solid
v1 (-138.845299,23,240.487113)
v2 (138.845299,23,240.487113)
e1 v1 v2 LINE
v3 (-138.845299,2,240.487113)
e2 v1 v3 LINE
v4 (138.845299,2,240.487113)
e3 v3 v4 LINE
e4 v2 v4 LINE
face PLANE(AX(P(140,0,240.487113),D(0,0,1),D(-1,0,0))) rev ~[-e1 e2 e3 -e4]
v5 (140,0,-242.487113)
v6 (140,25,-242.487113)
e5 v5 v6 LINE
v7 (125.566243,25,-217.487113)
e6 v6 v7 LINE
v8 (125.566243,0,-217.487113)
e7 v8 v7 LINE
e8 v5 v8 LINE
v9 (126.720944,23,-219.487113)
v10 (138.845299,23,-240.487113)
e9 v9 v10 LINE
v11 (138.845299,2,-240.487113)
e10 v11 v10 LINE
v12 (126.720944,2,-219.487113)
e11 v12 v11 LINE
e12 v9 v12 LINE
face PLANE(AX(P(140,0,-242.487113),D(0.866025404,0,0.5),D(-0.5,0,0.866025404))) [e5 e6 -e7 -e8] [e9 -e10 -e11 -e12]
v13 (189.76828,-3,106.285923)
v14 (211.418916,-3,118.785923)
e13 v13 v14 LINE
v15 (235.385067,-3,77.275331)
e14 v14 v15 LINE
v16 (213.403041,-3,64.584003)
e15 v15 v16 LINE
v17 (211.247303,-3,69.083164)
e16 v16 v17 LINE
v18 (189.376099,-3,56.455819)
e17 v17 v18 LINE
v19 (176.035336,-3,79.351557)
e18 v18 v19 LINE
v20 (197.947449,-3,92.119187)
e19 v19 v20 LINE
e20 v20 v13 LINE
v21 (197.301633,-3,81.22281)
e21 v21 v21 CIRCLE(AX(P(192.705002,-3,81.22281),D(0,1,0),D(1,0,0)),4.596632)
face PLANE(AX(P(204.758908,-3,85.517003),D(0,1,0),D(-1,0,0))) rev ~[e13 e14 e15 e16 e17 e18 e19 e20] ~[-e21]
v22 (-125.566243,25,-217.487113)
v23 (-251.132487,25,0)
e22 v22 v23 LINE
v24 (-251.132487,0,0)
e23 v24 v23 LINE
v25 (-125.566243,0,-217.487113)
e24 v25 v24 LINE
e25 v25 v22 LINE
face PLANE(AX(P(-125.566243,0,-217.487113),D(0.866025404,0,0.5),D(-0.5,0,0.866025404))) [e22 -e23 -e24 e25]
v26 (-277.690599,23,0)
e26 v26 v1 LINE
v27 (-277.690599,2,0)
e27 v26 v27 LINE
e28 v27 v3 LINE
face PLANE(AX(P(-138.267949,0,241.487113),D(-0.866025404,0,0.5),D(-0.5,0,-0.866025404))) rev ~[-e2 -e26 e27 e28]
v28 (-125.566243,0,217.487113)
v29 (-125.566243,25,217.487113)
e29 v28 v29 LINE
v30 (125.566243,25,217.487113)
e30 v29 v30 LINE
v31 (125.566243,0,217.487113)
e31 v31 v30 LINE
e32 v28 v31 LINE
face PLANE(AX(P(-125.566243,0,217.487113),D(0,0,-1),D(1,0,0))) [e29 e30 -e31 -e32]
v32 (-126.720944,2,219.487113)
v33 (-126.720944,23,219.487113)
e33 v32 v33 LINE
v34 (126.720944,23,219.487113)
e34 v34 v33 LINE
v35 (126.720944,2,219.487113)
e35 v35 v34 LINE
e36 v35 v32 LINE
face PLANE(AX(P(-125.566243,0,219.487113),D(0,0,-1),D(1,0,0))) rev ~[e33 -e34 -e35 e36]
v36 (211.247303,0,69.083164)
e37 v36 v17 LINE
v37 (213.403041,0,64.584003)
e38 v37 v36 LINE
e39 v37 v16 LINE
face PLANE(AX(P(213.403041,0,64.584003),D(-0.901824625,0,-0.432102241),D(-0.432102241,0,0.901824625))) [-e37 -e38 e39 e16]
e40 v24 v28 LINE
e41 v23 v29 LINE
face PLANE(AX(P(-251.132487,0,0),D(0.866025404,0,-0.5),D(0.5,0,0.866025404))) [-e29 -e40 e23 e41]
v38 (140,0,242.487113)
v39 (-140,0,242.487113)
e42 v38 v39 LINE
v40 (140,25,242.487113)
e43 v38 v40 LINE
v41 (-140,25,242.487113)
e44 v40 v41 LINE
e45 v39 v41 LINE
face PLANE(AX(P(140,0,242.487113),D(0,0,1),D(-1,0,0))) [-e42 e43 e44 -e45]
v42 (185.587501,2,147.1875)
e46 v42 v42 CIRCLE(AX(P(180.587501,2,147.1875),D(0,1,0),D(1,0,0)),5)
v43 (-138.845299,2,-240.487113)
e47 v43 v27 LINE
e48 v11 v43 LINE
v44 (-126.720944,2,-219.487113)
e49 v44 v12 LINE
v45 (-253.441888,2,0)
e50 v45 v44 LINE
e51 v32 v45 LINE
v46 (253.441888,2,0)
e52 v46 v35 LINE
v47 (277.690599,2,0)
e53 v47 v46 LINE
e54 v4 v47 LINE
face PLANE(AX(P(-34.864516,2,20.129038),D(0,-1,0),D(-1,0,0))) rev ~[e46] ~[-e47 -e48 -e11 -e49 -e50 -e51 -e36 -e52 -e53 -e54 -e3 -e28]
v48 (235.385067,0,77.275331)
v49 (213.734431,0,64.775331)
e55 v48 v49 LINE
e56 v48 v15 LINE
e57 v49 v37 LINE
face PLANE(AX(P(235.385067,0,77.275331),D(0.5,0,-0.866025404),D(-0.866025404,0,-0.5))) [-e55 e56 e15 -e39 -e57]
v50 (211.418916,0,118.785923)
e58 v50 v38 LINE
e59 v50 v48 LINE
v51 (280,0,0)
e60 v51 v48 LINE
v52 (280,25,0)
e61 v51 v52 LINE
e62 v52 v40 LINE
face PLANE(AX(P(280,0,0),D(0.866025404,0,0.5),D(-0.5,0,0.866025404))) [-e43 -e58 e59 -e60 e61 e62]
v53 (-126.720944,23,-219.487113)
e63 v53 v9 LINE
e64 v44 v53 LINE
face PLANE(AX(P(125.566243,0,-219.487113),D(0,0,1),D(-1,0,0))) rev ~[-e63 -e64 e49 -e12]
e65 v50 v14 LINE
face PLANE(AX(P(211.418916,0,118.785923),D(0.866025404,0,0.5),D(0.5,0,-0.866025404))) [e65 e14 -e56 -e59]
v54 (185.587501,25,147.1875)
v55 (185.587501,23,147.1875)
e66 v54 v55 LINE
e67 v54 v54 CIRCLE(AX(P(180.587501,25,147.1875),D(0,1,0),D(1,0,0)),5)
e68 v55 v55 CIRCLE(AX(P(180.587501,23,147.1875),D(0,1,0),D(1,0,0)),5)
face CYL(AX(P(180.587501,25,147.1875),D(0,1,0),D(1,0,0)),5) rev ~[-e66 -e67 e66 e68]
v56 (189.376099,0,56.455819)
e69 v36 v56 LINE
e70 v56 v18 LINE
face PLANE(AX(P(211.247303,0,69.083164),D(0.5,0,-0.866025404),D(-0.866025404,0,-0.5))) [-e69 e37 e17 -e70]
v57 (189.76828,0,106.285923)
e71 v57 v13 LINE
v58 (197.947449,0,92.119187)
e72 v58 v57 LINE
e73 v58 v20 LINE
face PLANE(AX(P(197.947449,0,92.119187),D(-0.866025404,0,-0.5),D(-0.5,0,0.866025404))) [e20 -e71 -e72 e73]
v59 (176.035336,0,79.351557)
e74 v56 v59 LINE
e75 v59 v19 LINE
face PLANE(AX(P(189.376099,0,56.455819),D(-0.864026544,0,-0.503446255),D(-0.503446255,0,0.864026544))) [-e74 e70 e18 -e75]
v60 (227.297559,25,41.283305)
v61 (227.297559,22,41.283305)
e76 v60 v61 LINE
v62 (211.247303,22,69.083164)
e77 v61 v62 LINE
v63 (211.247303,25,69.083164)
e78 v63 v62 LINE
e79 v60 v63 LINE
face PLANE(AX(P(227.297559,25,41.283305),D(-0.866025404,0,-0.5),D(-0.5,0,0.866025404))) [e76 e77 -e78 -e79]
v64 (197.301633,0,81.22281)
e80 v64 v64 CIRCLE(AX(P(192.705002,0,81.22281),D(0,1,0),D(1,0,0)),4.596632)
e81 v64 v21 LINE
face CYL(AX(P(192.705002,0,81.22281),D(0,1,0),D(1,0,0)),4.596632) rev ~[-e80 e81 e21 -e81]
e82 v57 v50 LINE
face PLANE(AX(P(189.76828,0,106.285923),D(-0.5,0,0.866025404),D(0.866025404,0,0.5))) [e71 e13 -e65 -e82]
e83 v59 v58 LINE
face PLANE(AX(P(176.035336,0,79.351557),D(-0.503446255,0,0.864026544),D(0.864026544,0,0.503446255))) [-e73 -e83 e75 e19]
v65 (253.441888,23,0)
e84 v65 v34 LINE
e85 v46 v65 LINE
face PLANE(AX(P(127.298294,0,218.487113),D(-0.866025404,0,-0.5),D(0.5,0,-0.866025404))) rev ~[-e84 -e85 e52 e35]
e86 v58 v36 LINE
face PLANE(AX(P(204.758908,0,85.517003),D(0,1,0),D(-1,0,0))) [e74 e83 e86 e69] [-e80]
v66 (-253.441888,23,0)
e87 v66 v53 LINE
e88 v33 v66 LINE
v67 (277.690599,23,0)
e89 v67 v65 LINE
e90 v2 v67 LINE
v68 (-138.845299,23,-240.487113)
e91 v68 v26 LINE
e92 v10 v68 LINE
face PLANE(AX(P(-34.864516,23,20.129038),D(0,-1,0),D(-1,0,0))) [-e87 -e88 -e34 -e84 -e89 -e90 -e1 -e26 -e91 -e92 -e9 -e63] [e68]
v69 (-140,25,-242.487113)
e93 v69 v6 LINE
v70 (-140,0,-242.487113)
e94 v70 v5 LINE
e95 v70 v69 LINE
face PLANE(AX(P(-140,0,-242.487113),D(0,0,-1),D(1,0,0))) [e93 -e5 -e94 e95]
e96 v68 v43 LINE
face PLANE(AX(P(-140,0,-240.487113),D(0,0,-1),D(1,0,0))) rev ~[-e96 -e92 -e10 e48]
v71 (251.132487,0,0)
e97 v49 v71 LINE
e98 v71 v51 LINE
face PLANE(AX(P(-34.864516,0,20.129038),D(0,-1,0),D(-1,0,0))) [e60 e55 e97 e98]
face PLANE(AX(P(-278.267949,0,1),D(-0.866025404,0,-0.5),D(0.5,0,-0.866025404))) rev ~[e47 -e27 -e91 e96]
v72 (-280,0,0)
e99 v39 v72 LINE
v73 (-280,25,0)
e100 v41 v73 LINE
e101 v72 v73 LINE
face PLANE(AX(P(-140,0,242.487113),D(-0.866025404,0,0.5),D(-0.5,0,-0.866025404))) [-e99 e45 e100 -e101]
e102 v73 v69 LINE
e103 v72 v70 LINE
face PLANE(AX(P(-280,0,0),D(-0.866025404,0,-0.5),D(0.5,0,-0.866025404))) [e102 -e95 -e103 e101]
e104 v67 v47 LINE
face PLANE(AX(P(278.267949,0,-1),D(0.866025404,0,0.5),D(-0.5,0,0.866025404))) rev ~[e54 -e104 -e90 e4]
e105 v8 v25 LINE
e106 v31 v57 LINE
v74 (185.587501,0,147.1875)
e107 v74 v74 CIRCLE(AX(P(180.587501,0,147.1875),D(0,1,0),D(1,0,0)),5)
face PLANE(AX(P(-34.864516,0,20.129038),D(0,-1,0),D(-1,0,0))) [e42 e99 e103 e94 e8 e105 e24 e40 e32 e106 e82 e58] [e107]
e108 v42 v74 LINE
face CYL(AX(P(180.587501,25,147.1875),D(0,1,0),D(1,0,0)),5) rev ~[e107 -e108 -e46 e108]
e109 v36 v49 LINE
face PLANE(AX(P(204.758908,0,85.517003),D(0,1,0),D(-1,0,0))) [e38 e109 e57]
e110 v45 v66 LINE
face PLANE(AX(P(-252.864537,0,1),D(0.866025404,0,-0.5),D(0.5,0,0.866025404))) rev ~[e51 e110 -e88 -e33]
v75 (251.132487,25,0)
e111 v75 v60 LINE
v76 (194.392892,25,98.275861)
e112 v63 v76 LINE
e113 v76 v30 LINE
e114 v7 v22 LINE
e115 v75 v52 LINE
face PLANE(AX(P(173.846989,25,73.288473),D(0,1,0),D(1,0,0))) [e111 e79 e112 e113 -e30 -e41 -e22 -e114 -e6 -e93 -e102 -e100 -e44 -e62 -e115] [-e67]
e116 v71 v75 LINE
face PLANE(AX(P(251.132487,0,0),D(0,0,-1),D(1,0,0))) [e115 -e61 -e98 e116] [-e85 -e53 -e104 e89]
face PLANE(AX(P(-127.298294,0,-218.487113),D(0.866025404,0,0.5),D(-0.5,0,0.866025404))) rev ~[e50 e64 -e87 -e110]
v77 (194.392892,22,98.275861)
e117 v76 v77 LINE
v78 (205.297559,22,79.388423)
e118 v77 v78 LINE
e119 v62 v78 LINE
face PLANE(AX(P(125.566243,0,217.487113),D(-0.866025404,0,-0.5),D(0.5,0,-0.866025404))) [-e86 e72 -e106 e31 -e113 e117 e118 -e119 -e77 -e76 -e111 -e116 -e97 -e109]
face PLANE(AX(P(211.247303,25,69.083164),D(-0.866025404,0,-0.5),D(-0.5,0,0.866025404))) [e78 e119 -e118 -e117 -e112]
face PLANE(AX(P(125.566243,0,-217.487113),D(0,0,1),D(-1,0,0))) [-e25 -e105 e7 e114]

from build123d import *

# Parameters (mm, degrees)
BOSS_EXTRUDE1_DEPTH = 25
SHELL1_T            = -2
SKETCH4_R           = 5
CUT_EXTRUDE2_DEPTH  = 40
SKETCH5_R           = 5.211475532
BOSS_EXTRUDE2_DEPTH = 3
CUT_EXTRUDE3_DEPTH  = 53
BOSS_EXTRUDE3_DEPTH = 3
SKETCH8_R           = 4.596631542
CUT_EXTRUDE4_DEPTH  = 3
BOSS_EXTRUDE4_DEPTH = 3
CUT_EXTRUDE5_DEPTH  = 3
CUT_EXTRUDE6_DEPTH  = 3
CUT_EXTRUDE7_DEPTH  = 3
BOSS_EXTRUDE5_DEPTH = 3
SKETCH14_R          = 4.596631542
CUT_EXTRUDE8_DEPTH  = 23
CUT_EXTRUDE10_DEPTH = 23


with BuildPart() as part:
    # Sketch1 → Boss-Extrude1 (new body)
    with BuildSketch(Plane(origin=(0, 0, 0), x_dir=(1, 0, 0), z_dir=(0, 1, 0))):
        Polygon((125.56624327, 217.48711306), (-125.56624327, 217.48711306), (-251.132486541, 0), (-125.56624327, -217.48711306), (125.56624327, -217.48711306), (251.132486541, 0), (280, 0), (140, -242.48711306), (-140, -242.48711306), (-280, 0), (-140, 242.48711306), (140, 242.48711306), align=None)
    extrude(amount=BOSS_EXTRUDE1_DEPTH)

    # Shell1
    shell1_openings = [part.faces().sort_by_distance(p)[0] for p in [
        (265.56624327, 12.5, 0),
        (132.783121635, 12.5, -229.98711306),
    ]]
    offset(amount=SHELL1_T, openings=shell1_openings, kind=Kind.INTERSECTION)

    # Sketch4 → Cut-Extrude2 (cut)
    with BuildSketch(Plane(origin=(0, 25, 0), x_dir=(1, 0, 0), z_dir=(0, 1, 0))):
        with Locations((180.587500524, -147.1875)):
            Circle(SKETCH4_R)
    extrude(amount=-CUT_EXTRUDE2_DEPTH, mode=Mode.SUBTRACT)

    # Sketch5 → Boss-Extrude2 (add)
    with BuildSketch(Plane(origin=(0, 25, 0), x_dir=(1, 0, 0), z_dir=(0, 1, 0))):
        Polygon((201.132486541, -86.602540378), (159.222437422, -159.192874799), (98.600659157, -124.192874799), (140.510708276, -51.602540378), align=None)
        with Locations((121.228675973, -125)):
            Circle(SKETCH5_R, mode=Mode.SUBTRACT)
    extrude(amount=-BOSS_EXTRUDE2_DEPTH)

    # Sketch6 → Cut-Extrude3 (cut)
    with BuildSketch(Plane(origin=(0, 25, 0), x_dir=(1, 0, 0), z_dir=(0, 1, 0))):
        Polygon((140.510708276, -51.602540378), (201.132486541, -86.602540378), (158.682929972, -160.127329114), (98.061151707, -125.127329114), align=None)
    extrude(amount=-CUT_EXTRUDE3_DEPTH, mode=Mode.SUBTRACT)

    # Sketch7 → Boss-Extrude3 (add)
    with BuildSketch(Plane(origin=(0, 25, 0), x_dir=(1, 0, 0), z_dir=(0, 1, 0))):
        Polygon((227.297559203, -41.283305143), (205.297559203, -79.388422909), (149.005907957, -46.888422909), (171.005907957, -8.783305143), align=None)
    extrude(amount=-BOSS_EXTRUDE3_DEPTH)

    # Sketch8 → Cut-Extrude4 (cut)
    with BuildSketch(Plane(origin=(0, 25, 0), x_dir=(1, 0, 0), z_dir=(0, 1, 0))):
        with Locations((196.32303906, -78.932747771)):
            Circle(SKETCH8_R)
    extrude(amount=-CUT_EXTRUDE4_DEPTH, mode=Mode.SUBTRACT)

    # Sketch9 → Boss-Extrude4 (add)
    with BuildSketch(Plane(origin=(0, 25, 0), x_dir=(1, 0, 0), z_dir=(0, 1, 0))):
        with BuildLine():
            Line((205.297559203, -79.388422909), (200.181682496, -76.434770115))
            ThreePointArc((200.181682496, -76.434770115), (194.024723289, -82.913547458), (196.55702945, -74.342075704))
            Line((196.55702945, -74.342075704), (149.005907957, -46.888422909))
            Line((149.005907957, -46.888422909), (138.101240513, -65.775860963))
            Line((138.101240513, -65.775860963), (194.392891759, -98.275860963))
            Line((194.392891759, -98.275860963), (205.297559203, -79.388422909))
        make_face()
    extrude(amount=-BOSS_EXTRUDE4_DEPTH)

    # Sketch10 → Cut-Extrude5 (cut)
    with BuildSketch(Plane(origin=(0, 25, 0), x_dir=(1, 0, 0), z_dir=(0, 1, 0))):
        Polygon((171.005907957, -8.783305143), (227.297559203, -41.283305143), (211.247303055, -69.083164267), (154.955651809, -36.583164267), align=None)
    extrude(amount=-CUT_EXTRUDE5_DEPTH, mode=Mode.SUBTRACT)

    # Sketch11 → Cut-Extrude6 (cut)
    with BuildSketch(Plane(origin=(0, 25, 0), x_dir=(1, 0, 0), z_dir=(0, 1, 0))):
        Polygon((154.955651809, -36.583164267), (189.376099165, -56.455818813), (172.628994903, -85.462654274), (138.208547547, -65.589999728), align=None)
    extrude(amount=-CUT_EXTRUDE6_DEPTH, mode=Mode.SUBTRACT)

    # Sketch12 → Cut-Extrude7 (cut)
    with BuildSketch(Plane(origin=(0, 25, 0), x_dir=(1, 0, 0), z_dir=(0, 1, 0))):
        Polygon((133.472959546, -64.327583033), (137.505827692, -57.317833183), (175.943359627, -79.431817482), (171.910491481, -86.441567333), align=None)
    extrude(amount=-CUT_EXTRUDE7_DEPTH, mode=Mode.SUBTRACT)

    # Sketch13 → Boss-Extrude5 (add)
    with BuildSketch(Plane.XZ):
        Polygon((197.947448943, 92.119187322), (189.768280461, 106.285922696), (211.418915556, 118.785922696), (235.385066588, 77.275331446), (213.403041068, 64.584003094), (211.247303055, 69.083164267), (189.376099165, 56.455818813), (176.035335717, 79.351557189), align=None)
    extrude(amount=BOSS_EXTRUDE5_DEPTH)

    # Sketch14 → Cut-Extrude8 (cut)
    with BuildSketch(Plane(origin=(0, 0, 0), x_dir=(1, 0, 0), z_dir=(0, 1, 0))):
        with Locations((192.705001821, -81.222810357)):
            Circle(SKETCH14_R)
    extrude(amount=-CUT_EXTRUDE8_DEPTH, mode=Mode.SUBTRACT)

    # Sketch15 → Cut-Extrude10 (cut)
    with BuildSketch(Plane(origin=(0, 25, 0), x_dir=(1, 0, 0), z_dir=(0, 1, 0))):
        Polygon((187.452678382, -55.345331307), (211.247303055, -69.083164267), (194.392891759, -98.275860963), (170.321525229, -84.378251017), align=None)
    extrude(amount=-CUT_EXTRUDE10_DEPTH, mode=Mode.SUBTRACT)


solid = part.part
